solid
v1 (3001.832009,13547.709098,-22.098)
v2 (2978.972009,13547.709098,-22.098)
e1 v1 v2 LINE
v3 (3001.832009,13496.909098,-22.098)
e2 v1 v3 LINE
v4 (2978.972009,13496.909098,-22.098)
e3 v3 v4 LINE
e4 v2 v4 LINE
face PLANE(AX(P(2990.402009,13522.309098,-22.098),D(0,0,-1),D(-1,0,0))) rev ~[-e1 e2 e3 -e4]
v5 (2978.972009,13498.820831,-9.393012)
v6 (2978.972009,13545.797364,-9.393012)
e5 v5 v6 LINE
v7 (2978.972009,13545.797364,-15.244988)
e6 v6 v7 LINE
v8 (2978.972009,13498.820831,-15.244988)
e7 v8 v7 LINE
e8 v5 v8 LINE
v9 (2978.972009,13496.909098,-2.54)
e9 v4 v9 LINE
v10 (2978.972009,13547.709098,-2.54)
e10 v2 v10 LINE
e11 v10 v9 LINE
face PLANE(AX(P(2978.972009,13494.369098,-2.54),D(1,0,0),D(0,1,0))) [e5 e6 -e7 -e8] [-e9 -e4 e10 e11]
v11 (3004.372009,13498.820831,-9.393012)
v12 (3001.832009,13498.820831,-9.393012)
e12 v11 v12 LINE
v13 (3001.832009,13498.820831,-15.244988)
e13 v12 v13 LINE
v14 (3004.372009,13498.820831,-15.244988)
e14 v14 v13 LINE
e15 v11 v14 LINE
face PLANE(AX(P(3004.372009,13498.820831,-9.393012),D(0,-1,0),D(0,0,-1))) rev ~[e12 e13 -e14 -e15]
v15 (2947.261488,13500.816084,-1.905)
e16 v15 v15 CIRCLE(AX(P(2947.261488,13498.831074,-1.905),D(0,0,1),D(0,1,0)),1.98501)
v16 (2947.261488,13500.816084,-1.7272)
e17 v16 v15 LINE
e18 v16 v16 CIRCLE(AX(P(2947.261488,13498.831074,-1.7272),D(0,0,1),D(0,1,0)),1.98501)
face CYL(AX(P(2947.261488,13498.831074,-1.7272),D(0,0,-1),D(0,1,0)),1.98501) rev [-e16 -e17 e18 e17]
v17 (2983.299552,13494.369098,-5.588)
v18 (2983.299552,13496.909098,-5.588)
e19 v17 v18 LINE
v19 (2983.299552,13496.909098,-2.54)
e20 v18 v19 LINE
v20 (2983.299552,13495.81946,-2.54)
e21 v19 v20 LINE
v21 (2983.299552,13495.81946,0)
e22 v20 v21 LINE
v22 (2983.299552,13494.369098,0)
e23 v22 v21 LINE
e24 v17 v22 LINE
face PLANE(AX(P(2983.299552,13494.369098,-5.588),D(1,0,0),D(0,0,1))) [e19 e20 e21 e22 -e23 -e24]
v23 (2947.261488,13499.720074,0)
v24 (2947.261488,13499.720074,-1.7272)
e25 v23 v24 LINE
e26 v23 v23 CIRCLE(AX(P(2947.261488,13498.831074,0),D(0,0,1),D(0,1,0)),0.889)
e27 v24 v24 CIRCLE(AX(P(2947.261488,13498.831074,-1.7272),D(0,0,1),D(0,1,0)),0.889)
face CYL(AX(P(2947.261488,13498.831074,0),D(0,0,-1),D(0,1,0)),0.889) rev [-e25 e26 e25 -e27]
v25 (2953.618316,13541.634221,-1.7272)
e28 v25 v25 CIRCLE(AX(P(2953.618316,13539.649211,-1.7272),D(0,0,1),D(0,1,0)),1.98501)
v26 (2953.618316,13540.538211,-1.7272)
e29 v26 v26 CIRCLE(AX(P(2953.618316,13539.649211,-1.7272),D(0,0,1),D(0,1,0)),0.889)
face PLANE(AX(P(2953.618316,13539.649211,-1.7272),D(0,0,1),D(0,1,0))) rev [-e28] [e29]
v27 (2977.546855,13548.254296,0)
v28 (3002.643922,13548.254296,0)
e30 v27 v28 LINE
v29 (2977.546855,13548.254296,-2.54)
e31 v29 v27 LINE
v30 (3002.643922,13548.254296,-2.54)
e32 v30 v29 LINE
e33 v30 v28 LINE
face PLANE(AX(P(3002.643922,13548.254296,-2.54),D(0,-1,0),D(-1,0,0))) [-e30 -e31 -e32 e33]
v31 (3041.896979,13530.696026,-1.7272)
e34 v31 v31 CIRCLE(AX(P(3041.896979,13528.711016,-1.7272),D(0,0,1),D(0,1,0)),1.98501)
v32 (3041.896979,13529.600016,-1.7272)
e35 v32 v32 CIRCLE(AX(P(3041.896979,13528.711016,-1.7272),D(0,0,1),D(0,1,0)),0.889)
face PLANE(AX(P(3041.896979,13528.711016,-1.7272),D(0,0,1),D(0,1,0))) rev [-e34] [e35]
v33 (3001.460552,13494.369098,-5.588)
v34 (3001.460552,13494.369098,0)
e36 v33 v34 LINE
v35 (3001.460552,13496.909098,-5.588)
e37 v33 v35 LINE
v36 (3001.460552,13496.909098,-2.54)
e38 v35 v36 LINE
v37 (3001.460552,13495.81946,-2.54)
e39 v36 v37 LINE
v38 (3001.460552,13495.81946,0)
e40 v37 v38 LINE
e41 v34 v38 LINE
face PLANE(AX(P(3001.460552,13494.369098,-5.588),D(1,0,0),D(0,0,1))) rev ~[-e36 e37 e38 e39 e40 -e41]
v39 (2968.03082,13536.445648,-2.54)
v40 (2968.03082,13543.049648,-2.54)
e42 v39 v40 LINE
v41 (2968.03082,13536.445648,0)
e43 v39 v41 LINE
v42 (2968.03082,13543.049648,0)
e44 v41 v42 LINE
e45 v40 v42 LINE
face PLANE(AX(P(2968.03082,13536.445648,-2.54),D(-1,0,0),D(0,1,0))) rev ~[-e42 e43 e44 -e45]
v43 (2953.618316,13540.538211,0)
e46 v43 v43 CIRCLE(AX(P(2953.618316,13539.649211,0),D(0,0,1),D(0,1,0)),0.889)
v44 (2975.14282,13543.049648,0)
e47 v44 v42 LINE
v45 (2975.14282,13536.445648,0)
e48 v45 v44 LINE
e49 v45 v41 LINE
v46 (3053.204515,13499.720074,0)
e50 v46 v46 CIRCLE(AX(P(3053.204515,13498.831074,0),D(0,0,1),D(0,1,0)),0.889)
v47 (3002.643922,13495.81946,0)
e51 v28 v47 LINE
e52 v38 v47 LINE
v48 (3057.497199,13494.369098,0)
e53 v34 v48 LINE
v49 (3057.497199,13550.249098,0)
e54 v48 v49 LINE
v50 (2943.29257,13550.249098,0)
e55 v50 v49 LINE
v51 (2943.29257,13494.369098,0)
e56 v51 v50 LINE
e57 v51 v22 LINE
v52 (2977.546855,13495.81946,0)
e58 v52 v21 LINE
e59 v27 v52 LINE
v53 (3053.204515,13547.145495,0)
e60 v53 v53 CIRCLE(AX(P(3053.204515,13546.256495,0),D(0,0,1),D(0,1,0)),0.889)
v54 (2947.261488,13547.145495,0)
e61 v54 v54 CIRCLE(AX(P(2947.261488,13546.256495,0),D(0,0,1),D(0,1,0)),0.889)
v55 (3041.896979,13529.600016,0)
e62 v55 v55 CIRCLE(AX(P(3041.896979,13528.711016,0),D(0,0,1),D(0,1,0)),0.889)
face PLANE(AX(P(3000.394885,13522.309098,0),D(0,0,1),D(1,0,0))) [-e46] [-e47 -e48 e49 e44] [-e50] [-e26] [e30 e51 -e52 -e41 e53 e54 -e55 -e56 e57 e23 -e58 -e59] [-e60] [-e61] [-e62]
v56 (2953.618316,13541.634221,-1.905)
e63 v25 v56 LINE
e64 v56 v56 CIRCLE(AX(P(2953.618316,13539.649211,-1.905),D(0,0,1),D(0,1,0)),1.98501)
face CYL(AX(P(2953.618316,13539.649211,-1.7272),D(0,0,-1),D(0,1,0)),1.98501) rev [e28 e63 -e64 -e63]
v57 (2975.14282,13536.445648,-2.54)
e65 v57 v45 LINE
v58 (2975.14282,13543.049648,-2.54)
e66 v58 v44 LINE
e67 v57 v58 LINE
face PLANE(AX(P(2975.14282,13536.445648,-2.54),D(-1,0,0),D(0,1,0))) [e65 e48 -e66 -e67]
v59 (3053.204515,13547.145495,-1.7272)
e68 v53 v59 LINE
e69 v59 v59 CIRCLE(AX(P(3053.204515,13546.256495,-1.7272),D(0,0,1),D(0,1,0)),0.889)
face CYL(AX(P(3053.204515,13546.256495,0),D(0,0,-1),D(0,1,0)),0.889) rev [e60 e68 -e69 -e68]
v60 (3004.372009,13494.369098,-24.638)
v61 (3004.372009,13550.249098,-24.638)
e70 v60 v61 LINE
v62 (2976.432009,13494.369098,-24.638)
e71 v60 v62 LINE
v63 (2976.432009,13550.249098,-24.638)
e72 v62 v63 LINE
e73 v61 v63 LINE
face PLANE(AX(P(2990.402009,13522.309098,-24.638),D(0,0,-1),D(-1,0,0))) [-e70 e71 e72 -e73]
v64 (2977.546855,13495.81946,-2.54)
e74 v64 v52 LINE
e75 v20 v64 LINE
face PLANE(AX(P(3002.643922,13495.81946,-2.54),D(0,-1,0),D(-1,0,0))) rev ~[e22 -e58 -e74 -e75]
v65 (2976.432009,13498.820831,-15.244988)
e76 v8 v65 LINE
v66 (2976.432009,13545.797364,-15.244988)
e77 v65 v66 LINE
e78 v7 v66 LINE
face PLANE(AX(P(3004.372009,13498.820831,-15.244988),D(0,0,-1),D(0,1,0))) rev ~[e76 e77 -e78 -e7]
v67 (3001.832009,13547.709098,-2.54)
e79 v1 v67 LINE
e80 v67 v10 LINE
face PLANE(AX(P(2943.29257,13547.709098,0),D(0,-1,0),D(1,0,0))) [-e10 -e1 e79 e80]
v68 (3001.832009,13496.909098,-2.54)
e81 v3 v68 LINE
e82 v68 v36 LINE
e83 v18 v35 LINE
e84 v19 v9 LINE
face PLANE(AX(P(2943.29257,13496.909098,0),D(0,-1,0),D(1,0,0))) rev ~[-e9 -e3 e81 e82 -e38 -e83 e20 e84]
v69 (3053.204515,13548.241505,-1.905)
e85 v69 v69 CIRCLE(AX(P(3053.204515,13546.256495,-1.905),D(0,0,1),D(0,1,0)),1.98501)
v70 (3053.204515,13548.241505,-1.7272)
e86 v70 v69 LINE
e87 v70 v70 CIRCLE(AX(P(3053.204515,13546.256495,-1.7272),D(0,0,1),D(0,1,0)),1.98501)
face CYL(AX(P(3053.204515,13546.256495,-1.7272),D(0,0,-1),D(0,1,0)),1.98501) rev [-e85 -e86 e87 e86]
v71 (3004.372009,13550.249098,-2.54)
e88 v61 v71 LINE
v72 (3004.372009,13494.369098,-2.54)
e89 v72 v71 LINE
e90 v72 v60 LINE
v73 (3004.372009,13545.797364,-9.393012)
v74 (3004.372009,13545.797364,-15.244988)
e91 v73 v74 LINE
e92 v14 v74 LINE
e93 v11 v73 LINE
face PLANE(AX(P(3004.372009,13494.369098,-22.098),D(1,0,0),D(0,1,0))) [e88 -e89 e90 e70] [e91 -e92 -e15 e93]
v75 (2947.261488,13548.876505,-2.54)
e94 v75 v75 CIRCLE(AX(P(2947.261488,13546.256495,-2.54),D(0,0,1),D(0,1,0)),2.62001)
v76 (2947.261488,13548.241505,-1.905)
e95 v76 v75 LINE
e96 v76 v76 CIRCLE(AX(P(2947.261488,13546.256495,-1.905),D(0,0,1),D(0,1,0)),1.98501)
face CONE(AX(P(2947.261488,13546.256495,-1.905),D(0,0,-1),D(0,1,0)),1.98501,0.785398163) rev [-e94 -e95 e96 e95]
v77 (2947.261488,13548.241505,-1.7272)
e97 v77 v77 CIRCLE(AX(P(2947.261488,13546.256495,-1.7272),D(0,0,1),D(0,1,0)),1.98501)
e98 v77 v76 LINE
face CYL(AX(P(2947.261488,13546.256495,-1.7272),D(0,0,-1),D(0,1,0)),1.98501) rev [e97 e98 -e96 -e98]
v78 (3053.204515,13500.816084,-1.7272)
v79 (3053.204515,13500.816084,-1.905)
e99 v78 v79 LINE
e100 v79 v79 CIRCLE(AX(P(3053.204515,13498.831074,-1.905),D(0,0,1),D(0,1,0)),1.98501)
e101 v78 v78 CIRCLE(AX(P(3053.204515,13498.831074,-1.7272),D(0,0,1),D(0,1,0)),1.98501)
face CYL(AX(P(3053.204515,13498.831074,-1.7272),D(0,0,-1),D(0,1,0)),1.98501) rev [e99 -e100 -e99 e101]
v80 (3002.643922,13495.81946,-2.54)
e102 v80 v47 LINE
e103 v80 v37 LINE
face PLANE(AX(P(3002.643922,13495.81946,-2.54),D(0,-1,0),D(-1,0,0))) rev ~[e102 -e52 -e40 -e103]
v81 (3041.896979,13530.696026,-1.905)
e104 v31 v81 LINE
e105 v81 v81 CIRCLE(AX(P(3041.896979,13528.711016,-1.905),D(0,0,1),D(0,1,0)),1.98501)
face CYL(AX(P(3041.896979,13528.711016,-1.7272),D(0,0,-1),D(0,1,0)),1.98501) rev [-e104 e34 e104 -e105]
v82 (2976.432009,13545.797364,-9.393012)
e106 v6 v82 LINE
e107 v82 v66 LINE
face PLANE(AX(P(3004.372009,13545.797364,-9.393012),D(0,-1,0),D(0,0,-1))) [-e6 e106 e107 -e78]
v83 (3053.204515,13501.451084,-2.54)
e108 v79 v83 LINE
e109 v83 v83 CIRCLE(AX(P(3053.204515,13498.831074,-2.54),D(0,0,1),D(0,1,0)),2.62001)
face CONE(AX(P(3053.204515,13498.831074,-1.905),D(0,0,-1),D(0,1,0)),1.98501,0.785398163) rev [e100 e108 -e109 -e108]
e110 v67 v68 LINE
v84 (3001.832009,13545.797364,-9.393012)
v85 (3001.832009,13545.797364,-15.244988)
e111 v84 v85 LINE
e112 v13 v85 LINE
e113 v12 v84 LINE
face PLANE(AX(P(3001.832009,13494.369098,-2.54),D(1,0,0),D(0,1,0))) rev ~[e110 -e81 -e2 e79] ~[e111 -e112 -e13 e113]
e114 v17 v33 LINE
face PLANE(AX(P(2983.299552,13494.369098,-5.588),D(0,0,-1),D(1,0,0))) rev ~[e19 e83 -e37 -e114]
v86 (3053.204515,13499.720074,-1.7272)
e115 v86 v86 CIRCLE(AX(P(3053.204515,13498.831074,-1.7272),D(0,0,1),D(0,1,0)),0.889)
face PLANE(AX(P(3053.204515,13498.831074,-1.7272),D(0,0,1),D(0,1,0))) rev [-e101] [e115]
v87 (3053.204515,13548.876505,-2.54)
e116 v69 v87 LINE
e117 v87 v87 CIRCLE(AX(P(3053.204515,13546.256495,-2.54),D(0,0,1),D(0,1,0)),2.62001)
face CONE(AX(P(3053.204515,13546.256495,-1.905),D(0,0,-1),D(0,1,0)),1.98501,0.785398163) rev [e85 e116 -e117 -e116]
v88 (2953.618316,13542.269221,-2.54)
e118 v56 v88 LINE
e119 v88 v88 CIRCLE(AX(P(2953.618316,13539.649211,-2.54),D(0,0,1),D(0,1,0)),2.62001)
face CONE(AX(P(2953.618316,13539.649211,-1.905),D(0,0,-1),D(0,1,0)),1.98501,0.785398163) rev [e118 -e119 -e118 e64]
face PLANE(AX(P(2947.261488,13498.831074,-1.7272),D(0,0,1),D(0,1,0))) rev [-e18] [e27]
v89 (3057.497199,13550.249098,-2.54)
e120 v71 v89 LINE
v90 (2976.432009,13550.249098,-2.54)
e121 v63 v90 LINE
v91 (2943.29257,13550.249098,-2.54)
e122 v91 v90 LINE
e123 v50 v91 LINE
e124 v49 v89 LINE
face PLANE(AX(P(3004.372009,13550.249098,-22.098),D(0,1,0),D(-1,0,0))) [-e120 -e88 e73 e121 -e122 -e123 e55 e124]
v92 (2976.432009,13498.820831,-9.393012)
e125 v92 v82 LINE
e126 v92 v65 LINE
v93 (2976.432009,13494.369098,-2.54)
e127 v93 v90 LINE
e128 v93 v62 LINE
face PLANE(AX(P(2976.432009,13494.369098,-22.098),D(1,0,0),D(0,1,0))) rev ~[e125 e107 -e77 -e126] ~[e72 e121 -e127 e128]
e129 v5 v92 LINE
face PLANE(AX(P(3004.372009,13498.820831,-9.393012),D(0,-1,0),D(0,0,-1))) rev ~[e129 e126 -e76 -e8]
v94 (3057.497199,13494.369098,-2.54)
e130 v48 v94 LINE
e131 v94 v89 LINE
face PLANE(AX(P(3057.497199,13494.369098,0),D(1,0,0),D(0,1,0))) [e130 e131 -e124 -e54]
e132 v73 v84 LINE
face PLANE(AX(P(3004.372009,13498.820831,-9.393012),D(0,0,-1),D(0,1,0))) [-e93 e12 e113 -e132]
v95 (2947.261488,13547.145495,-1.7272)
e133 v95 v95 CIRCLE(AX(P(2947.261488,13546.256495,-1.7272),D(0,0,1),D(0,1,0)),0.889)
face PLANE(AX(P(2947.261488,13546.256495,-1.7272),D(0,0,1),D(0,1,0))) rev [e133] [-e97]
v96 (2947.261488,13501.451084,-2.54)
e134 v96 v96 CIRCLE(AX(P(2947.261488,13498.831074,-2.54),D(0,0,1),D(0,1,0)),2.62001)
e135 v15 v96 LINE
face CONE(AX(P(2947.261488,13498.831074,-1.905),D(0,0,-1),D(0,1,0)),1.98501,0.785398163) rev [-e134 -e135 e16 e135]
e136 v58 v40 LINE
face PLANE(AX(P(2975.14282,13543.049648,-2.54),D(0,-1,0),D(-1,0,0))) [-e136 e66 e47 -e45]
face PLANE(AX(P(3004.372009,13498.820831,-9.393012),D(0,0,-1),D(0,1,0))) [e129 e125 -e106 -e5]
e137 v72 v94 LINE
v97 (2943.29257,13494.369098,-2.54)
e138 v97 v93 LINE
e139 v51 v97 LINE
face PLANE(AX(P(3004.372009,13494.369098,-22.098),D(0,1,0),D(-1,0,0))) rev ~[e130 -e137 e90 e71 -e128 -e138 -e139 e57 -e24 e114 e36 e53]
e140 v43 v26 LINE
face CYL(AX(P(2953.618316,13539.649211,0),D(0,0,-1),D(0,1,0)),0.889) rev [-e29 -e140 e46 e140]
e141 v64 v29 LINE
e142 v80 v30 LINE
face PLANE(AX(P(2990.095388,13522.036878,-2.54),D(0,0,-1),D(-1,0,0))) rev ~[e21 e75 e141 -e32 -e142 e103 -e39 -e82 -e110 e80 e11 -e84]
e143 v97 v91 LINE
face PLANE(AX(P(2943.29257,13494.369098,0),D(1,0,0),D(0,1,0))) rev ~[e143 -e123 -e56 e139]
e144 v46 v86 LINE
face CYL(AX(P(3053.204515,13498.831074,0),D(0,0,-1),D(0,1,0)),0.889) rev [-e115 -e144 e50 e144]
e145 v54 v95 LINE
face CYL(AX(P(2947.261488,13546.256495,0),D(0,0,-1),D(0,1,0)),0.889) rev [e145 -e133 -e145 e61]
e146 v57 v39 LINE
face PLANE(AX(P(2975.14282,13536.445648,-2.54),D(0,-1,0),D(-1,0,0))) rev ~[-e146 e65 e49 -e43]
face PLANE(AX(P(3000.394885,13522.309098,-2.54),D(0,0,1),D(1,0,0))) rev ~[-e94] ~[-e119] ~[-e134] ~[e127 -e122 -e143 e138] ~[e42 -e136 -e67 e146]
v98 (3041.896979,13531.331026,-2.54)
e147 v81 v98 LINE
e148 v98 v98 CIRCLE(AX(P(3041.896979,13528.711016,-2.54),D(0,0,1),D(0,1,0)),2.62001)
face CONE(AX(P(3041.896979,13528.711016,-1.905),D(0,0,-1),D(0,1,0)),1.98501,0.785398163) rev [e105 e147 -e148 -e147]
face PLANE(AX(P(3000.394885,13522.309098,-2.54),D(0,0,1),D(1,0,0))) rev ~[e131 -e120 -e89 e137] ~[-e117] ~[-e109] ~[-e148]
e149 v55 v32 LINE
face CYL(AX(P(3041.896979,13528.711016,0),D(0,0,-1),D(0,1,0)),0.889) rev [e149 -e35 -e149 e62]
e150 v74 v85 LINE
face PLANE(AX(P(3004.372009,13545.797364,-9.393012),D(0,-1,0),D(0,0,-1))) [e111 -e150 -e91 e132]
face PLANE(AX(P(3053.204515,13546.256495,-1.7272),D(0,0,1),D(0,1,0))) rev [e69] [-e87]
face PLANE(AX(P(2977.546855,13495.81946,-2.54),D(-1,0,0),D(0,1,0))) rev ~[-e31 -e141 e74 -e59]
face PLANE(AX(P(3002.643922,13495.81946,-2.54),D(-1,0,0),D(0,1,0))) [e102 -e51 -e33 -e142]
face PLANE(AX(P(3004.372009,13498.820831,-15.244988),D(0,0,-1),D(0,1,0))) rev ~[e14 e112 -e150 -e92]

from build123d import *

# Parameters (mm, degrees)
SKETCH1_W                                   = 114.20462943
SKETCH1_H                                   = 55.88
BOSS_EXTRUDE1_DEPTH                         = 2.54
CUT_EXTRUDE2_REACH                          = 13892.916
SKETCH2_W                                   = 7.112
SKETCH2_H                                   = 6.604
SKETCH5_W                                   = 27.94
SKETCH5_H                                   = 55.88
BOSS_EXTRUDE2_DEPTH                         = 19.558
SHELL2_T                                    = -2.54
SKETCH6_W                                   = 25.09706722
SKETCH6_H                                   = 52.434836366
CUT_EXTRUDE3_DEPTH                          = 13891.929495416
SKETCH7_W                                   = 5.85197615
SKETCH7_H                                   = 46.976533267
CUT_EXTRUDE4_DEPTH                          = 13551.404777193
SKETCH8_W                                   = 18.161
SKETCH8_H                                   = 5.588
CUT_EXTRUDE5_DEPTH                          = 19.558
CBORE_FOR_0_BINDING_HEAD_MACHINE_SC_2_COUNT = 2
CBORE_FOR_0_BINDING_HEAD_MACHINE_SC_2_PITCH = 88.953731343
CBORE_FOR_0_BINDING_HEAD_MACHINE_SC_3_COUNT = 2
CBORE_FOR_0_BINDING_HEAD_MACHINE_SC_3_PITCH = 47.42542097
CBORE_FOR_0_BINDING_HEAD_MACHINE_SC_4_COUNT = 2
CBORE_FOR_0_BINDING_HEAD_MACHINE_SC_4_PITCH = 136.214285903
CBORE_FOR_0_BINDING_HEAD_MACHINE_SC_5_COUNT = 2
CBORE_FOR_0_BINDING_HEAD_MACHINE_SC_5_PITCH = 116.073664451
CBORE_FOR_0_BINDING_HEAD_MACHINE_SC_6_COUNT = 2
CBORE_FOR_0_BINDING_HEAD_MACHINE_SC_6_PITCH = 105.943027259
SKETCH16_W                                  = 27.94
SKETCH16_H                                  = 55.88
BOSS_EXTRUDE3_DEPTH                         = 2.54


with BuildPart() as part:
    # Sketch1 → Boss-Extrude1 (new body)
    with BuildSketch(Plane.XY):
        with Locations((3000.394884782, 13522.309097574)):
            Rectangle(SKETCH1_W, SKETCH1_H)
    extrude(amount=-BOSS_EXTRUDE1_DEPTH)

    # Sketch2 → Cut-Extrude2 (cut, up to next)
    with BuildSketch(Plane(origin=(0, 0, -2.54), x_dir=(-1, 0, 0), z_dir=(0, 0, -1)), mode=Mode.PRIVATE) as cut_extrude2_sk1:
        with Locations((-2971.586819557, 13539.747648461)):
            Rectangle(SKETCH2_W, SKETCH2_H)
    cut_extrude2_tool1 = extrude(cut_extrude2_sk1.sketch, amount=-CUT_EXTRUDE2_REACH, mode=Mode.PRIVATE) & part.part
    add(cut_extrude2_tool1.solids().sort_by_distance((2971.58682, 13539.747648, -2.54))[0], mode=Mode.SUBTRACT)

    # Sketch5 → Boss-Extrude2 (add)
    with BuildSketch(Plane(origin=(0, 0, -2.54), x_dir=(-1, 0, 0), z_dir=(0, 0, -1))):
        with Locations((-2990.402009029, 13522.309097574)):
            Rectangle(SKETCH5_W, SKETCH5_H)
    extrude(amount=BOSS_EXTRUDE2_DEPTH)

    # Shell2
    shell2_openings = [part.faces().sort_by_distance(p)[0] for p in [
        (2990.402009029, 13522.309097574, -22.098),
    ]]
    offset(amount=SHELL2_T, openings=shell2_openings, kind=Kind.INTERSECTION)

    # Sketch6 → Cut-Extrude3 (cut, through all)
    with BuildSketch(Plane(origin=(0, 0, -2.54), x_dir=(-1, 0, 0), z_dir=(0, 0, -1))):
        with Locations((-2990.095388415, 13522.03687782)):
            Rectangle(SKETCH6_W, SKETCH6_H)
    extrude(amount=-CUT_EXTRUDE3_DEPTH, mode=Mode.SUBTRACT)

    # Sketch7 → Cut-Extrude4 (cut, through all)
    with BuildSketch(Plane(origin=(3004.372009029, 0, 0), x_dir=(0, 0, -1), z_dir=(1, 0, 0))):
        with Locations((12.319, 13522.309097574)):
            Rectangle(SKETCH7_W, SKETCH7_H)
    extrude(amount=-CUT_EXTRUDE4_DEPTH, mode=Mode.SUBTRACT)

    # Sketch8 → Cut-Extrude5 (cut)
    with BuildSketch(Plane.XZ.offset(-13494.369097574)):
        with Locations((2992.380051535, -2.794)):
            Rectangle(SKETCH8_W, SKETCH8_H)
    extrude(amount=-CUT_EXTRUDE5_DEPTH, mode=Mode.SUBTRACT)

    # Sketch9 → CBORE for #0 Binding Head Machine Screw1 (revolve, cut)
    with BuildSketch(Plane(origin=(3041.896978852, 13528.711016341, -2.54), x_dir=(0, 1, 0), z_dir=(1, 0, 0))):
        Polygon((0, 0), (0, 2.54), (0.889, 2.54), (0.889, 0.8128), (1.98501, 0.8128), (1.98501, 0.635), (2.62001, 0), align=None)
    cbore_for_0_binding_head_machine_screw1 = revolve(axis=Axis((3041.896978852, 13528.711016341, -8.89), (0, 0, 1)), mode=Mode.SUBTRACT)

    # CBORE for _0 Binding Head Machine Sc 2: CBORE for #0 Binding Head Machine Screw1 ×2
    with Locations(*[Vector(-0.992411009873524, 0.12296498477945786, 0) * (i * CBORE_FOR_0_BINDING_HEAD_MACHINE_SC_2_PITCH) for i in range(1, CBORE_FOR_0_BINDING_HEAD_MACHINE_SC_2_COUNT)]):
        add(cbore_for_0_binding_head_machine_screw1, mode=Mode.SUBTRACT)

    # Sketch14 → CBORE for #0 Binding Head Machine Screw2 (revolve, cut)
    with BuildSketch(Plane(origin=(3053.204515133, 13546.256494849, -2.54), x_dir=(0, 1, 0), z_dir=(1, 0, 0))):
        Polygon((0, 0), (0, 2.54), (0.889, 2.54), (0.889, 0.8128), (1.98501, 0.8128), (1.98501, 0.635), (2.62001, 0), align=None)
    cbore_for_0_binding_head_machine_screw2 = revolve(axis=Axis((3053.204515133, 13546.256494849, -8.89), (0, 0, 1)), mode=Mode.SUBTRACT)

    # CBORE for _0 Binding Head Machine Sc 3: CBORE for #0 Binding Head Machine Screw2 ×2
    with Locations(*[(0, -i * CBORE_FOR_0_BINDING_HEAD_MACHINE_SC_3_PITCH, 0) for i in range(1, CBORE_FOR_0_BINDING_HEAD_MACHINE_SC_3_COUNT)]):
        add(cbore_for_0_binding_head_machine_screw2, mode=Mode.SUBTRACT)

    # CBORE for _0 Binding Head Machine Sc 4: CBORE for #0 Binding Head Machine Screw2 ×2
    with Locations(*[Vector(-0.9373151171300654, -0.3484829568278078, 0) * (i * CBORE_FOR_0_BINDING_HEAD_MACHINE_SC_4_PITCH) for i in range(1, CBORE_FOR_0_BINDING_HEAD_MACHINE_SC_4_COUNT)]):
        add(cbore_for_0_binding_head_machine_screw2, mode=Mode.SUBTRACT)

    # CBORE for _0 Binding Head Machine Sc 5: CBORE for #0 Binding Head Machine Screw2 ×2
    with Locations(*[Vector(-0.9127223454224201, -0.4085803717343707, 0) * (i * CBORE_FOR_0_BINDING_HEAD_MACHINE_SC_5_PITCH) for i in range(1, CBORE_FOR_0_BINDING_HEAD_MACHINE_SC_5_COUNT)]):
        add(cbore_for_0_binding_head_machine_screw2, mode=Mode.SUBTRACT)

    # CBORE for _0 Binding Head Machine Sc 6: CBORE for #0 Binding Head Machine Screw2 ×2
    with Locations(*[(-i * CBORE_FOR_0_BINDING_HEAD_MACHINE_SC_6_PITCH, 0, 0) for i in range(1, CBORE_FOR_0_BINDING_HEAD_MACHINE_SC_6_COUNT)]):
        add(cbore_for_0_binding_head_machine_screw2, mode=Mode.SUBTRACT)

    # Sketch16 → Boss-Extrude3 (add)
    with BuildSketch(Plane(origin=(0, 0, -22.098), x_dir=(-1, 0, 0), z_dir=(0, 0, -1))):
        with Locations((-2990.402009029, 13522.309097574)):
            Rectangle(SKETCH16_W, SKETCH16_H)
    extrude(amount=BOSS_EXTRUDE3_DEPTH)


solid = part.part
